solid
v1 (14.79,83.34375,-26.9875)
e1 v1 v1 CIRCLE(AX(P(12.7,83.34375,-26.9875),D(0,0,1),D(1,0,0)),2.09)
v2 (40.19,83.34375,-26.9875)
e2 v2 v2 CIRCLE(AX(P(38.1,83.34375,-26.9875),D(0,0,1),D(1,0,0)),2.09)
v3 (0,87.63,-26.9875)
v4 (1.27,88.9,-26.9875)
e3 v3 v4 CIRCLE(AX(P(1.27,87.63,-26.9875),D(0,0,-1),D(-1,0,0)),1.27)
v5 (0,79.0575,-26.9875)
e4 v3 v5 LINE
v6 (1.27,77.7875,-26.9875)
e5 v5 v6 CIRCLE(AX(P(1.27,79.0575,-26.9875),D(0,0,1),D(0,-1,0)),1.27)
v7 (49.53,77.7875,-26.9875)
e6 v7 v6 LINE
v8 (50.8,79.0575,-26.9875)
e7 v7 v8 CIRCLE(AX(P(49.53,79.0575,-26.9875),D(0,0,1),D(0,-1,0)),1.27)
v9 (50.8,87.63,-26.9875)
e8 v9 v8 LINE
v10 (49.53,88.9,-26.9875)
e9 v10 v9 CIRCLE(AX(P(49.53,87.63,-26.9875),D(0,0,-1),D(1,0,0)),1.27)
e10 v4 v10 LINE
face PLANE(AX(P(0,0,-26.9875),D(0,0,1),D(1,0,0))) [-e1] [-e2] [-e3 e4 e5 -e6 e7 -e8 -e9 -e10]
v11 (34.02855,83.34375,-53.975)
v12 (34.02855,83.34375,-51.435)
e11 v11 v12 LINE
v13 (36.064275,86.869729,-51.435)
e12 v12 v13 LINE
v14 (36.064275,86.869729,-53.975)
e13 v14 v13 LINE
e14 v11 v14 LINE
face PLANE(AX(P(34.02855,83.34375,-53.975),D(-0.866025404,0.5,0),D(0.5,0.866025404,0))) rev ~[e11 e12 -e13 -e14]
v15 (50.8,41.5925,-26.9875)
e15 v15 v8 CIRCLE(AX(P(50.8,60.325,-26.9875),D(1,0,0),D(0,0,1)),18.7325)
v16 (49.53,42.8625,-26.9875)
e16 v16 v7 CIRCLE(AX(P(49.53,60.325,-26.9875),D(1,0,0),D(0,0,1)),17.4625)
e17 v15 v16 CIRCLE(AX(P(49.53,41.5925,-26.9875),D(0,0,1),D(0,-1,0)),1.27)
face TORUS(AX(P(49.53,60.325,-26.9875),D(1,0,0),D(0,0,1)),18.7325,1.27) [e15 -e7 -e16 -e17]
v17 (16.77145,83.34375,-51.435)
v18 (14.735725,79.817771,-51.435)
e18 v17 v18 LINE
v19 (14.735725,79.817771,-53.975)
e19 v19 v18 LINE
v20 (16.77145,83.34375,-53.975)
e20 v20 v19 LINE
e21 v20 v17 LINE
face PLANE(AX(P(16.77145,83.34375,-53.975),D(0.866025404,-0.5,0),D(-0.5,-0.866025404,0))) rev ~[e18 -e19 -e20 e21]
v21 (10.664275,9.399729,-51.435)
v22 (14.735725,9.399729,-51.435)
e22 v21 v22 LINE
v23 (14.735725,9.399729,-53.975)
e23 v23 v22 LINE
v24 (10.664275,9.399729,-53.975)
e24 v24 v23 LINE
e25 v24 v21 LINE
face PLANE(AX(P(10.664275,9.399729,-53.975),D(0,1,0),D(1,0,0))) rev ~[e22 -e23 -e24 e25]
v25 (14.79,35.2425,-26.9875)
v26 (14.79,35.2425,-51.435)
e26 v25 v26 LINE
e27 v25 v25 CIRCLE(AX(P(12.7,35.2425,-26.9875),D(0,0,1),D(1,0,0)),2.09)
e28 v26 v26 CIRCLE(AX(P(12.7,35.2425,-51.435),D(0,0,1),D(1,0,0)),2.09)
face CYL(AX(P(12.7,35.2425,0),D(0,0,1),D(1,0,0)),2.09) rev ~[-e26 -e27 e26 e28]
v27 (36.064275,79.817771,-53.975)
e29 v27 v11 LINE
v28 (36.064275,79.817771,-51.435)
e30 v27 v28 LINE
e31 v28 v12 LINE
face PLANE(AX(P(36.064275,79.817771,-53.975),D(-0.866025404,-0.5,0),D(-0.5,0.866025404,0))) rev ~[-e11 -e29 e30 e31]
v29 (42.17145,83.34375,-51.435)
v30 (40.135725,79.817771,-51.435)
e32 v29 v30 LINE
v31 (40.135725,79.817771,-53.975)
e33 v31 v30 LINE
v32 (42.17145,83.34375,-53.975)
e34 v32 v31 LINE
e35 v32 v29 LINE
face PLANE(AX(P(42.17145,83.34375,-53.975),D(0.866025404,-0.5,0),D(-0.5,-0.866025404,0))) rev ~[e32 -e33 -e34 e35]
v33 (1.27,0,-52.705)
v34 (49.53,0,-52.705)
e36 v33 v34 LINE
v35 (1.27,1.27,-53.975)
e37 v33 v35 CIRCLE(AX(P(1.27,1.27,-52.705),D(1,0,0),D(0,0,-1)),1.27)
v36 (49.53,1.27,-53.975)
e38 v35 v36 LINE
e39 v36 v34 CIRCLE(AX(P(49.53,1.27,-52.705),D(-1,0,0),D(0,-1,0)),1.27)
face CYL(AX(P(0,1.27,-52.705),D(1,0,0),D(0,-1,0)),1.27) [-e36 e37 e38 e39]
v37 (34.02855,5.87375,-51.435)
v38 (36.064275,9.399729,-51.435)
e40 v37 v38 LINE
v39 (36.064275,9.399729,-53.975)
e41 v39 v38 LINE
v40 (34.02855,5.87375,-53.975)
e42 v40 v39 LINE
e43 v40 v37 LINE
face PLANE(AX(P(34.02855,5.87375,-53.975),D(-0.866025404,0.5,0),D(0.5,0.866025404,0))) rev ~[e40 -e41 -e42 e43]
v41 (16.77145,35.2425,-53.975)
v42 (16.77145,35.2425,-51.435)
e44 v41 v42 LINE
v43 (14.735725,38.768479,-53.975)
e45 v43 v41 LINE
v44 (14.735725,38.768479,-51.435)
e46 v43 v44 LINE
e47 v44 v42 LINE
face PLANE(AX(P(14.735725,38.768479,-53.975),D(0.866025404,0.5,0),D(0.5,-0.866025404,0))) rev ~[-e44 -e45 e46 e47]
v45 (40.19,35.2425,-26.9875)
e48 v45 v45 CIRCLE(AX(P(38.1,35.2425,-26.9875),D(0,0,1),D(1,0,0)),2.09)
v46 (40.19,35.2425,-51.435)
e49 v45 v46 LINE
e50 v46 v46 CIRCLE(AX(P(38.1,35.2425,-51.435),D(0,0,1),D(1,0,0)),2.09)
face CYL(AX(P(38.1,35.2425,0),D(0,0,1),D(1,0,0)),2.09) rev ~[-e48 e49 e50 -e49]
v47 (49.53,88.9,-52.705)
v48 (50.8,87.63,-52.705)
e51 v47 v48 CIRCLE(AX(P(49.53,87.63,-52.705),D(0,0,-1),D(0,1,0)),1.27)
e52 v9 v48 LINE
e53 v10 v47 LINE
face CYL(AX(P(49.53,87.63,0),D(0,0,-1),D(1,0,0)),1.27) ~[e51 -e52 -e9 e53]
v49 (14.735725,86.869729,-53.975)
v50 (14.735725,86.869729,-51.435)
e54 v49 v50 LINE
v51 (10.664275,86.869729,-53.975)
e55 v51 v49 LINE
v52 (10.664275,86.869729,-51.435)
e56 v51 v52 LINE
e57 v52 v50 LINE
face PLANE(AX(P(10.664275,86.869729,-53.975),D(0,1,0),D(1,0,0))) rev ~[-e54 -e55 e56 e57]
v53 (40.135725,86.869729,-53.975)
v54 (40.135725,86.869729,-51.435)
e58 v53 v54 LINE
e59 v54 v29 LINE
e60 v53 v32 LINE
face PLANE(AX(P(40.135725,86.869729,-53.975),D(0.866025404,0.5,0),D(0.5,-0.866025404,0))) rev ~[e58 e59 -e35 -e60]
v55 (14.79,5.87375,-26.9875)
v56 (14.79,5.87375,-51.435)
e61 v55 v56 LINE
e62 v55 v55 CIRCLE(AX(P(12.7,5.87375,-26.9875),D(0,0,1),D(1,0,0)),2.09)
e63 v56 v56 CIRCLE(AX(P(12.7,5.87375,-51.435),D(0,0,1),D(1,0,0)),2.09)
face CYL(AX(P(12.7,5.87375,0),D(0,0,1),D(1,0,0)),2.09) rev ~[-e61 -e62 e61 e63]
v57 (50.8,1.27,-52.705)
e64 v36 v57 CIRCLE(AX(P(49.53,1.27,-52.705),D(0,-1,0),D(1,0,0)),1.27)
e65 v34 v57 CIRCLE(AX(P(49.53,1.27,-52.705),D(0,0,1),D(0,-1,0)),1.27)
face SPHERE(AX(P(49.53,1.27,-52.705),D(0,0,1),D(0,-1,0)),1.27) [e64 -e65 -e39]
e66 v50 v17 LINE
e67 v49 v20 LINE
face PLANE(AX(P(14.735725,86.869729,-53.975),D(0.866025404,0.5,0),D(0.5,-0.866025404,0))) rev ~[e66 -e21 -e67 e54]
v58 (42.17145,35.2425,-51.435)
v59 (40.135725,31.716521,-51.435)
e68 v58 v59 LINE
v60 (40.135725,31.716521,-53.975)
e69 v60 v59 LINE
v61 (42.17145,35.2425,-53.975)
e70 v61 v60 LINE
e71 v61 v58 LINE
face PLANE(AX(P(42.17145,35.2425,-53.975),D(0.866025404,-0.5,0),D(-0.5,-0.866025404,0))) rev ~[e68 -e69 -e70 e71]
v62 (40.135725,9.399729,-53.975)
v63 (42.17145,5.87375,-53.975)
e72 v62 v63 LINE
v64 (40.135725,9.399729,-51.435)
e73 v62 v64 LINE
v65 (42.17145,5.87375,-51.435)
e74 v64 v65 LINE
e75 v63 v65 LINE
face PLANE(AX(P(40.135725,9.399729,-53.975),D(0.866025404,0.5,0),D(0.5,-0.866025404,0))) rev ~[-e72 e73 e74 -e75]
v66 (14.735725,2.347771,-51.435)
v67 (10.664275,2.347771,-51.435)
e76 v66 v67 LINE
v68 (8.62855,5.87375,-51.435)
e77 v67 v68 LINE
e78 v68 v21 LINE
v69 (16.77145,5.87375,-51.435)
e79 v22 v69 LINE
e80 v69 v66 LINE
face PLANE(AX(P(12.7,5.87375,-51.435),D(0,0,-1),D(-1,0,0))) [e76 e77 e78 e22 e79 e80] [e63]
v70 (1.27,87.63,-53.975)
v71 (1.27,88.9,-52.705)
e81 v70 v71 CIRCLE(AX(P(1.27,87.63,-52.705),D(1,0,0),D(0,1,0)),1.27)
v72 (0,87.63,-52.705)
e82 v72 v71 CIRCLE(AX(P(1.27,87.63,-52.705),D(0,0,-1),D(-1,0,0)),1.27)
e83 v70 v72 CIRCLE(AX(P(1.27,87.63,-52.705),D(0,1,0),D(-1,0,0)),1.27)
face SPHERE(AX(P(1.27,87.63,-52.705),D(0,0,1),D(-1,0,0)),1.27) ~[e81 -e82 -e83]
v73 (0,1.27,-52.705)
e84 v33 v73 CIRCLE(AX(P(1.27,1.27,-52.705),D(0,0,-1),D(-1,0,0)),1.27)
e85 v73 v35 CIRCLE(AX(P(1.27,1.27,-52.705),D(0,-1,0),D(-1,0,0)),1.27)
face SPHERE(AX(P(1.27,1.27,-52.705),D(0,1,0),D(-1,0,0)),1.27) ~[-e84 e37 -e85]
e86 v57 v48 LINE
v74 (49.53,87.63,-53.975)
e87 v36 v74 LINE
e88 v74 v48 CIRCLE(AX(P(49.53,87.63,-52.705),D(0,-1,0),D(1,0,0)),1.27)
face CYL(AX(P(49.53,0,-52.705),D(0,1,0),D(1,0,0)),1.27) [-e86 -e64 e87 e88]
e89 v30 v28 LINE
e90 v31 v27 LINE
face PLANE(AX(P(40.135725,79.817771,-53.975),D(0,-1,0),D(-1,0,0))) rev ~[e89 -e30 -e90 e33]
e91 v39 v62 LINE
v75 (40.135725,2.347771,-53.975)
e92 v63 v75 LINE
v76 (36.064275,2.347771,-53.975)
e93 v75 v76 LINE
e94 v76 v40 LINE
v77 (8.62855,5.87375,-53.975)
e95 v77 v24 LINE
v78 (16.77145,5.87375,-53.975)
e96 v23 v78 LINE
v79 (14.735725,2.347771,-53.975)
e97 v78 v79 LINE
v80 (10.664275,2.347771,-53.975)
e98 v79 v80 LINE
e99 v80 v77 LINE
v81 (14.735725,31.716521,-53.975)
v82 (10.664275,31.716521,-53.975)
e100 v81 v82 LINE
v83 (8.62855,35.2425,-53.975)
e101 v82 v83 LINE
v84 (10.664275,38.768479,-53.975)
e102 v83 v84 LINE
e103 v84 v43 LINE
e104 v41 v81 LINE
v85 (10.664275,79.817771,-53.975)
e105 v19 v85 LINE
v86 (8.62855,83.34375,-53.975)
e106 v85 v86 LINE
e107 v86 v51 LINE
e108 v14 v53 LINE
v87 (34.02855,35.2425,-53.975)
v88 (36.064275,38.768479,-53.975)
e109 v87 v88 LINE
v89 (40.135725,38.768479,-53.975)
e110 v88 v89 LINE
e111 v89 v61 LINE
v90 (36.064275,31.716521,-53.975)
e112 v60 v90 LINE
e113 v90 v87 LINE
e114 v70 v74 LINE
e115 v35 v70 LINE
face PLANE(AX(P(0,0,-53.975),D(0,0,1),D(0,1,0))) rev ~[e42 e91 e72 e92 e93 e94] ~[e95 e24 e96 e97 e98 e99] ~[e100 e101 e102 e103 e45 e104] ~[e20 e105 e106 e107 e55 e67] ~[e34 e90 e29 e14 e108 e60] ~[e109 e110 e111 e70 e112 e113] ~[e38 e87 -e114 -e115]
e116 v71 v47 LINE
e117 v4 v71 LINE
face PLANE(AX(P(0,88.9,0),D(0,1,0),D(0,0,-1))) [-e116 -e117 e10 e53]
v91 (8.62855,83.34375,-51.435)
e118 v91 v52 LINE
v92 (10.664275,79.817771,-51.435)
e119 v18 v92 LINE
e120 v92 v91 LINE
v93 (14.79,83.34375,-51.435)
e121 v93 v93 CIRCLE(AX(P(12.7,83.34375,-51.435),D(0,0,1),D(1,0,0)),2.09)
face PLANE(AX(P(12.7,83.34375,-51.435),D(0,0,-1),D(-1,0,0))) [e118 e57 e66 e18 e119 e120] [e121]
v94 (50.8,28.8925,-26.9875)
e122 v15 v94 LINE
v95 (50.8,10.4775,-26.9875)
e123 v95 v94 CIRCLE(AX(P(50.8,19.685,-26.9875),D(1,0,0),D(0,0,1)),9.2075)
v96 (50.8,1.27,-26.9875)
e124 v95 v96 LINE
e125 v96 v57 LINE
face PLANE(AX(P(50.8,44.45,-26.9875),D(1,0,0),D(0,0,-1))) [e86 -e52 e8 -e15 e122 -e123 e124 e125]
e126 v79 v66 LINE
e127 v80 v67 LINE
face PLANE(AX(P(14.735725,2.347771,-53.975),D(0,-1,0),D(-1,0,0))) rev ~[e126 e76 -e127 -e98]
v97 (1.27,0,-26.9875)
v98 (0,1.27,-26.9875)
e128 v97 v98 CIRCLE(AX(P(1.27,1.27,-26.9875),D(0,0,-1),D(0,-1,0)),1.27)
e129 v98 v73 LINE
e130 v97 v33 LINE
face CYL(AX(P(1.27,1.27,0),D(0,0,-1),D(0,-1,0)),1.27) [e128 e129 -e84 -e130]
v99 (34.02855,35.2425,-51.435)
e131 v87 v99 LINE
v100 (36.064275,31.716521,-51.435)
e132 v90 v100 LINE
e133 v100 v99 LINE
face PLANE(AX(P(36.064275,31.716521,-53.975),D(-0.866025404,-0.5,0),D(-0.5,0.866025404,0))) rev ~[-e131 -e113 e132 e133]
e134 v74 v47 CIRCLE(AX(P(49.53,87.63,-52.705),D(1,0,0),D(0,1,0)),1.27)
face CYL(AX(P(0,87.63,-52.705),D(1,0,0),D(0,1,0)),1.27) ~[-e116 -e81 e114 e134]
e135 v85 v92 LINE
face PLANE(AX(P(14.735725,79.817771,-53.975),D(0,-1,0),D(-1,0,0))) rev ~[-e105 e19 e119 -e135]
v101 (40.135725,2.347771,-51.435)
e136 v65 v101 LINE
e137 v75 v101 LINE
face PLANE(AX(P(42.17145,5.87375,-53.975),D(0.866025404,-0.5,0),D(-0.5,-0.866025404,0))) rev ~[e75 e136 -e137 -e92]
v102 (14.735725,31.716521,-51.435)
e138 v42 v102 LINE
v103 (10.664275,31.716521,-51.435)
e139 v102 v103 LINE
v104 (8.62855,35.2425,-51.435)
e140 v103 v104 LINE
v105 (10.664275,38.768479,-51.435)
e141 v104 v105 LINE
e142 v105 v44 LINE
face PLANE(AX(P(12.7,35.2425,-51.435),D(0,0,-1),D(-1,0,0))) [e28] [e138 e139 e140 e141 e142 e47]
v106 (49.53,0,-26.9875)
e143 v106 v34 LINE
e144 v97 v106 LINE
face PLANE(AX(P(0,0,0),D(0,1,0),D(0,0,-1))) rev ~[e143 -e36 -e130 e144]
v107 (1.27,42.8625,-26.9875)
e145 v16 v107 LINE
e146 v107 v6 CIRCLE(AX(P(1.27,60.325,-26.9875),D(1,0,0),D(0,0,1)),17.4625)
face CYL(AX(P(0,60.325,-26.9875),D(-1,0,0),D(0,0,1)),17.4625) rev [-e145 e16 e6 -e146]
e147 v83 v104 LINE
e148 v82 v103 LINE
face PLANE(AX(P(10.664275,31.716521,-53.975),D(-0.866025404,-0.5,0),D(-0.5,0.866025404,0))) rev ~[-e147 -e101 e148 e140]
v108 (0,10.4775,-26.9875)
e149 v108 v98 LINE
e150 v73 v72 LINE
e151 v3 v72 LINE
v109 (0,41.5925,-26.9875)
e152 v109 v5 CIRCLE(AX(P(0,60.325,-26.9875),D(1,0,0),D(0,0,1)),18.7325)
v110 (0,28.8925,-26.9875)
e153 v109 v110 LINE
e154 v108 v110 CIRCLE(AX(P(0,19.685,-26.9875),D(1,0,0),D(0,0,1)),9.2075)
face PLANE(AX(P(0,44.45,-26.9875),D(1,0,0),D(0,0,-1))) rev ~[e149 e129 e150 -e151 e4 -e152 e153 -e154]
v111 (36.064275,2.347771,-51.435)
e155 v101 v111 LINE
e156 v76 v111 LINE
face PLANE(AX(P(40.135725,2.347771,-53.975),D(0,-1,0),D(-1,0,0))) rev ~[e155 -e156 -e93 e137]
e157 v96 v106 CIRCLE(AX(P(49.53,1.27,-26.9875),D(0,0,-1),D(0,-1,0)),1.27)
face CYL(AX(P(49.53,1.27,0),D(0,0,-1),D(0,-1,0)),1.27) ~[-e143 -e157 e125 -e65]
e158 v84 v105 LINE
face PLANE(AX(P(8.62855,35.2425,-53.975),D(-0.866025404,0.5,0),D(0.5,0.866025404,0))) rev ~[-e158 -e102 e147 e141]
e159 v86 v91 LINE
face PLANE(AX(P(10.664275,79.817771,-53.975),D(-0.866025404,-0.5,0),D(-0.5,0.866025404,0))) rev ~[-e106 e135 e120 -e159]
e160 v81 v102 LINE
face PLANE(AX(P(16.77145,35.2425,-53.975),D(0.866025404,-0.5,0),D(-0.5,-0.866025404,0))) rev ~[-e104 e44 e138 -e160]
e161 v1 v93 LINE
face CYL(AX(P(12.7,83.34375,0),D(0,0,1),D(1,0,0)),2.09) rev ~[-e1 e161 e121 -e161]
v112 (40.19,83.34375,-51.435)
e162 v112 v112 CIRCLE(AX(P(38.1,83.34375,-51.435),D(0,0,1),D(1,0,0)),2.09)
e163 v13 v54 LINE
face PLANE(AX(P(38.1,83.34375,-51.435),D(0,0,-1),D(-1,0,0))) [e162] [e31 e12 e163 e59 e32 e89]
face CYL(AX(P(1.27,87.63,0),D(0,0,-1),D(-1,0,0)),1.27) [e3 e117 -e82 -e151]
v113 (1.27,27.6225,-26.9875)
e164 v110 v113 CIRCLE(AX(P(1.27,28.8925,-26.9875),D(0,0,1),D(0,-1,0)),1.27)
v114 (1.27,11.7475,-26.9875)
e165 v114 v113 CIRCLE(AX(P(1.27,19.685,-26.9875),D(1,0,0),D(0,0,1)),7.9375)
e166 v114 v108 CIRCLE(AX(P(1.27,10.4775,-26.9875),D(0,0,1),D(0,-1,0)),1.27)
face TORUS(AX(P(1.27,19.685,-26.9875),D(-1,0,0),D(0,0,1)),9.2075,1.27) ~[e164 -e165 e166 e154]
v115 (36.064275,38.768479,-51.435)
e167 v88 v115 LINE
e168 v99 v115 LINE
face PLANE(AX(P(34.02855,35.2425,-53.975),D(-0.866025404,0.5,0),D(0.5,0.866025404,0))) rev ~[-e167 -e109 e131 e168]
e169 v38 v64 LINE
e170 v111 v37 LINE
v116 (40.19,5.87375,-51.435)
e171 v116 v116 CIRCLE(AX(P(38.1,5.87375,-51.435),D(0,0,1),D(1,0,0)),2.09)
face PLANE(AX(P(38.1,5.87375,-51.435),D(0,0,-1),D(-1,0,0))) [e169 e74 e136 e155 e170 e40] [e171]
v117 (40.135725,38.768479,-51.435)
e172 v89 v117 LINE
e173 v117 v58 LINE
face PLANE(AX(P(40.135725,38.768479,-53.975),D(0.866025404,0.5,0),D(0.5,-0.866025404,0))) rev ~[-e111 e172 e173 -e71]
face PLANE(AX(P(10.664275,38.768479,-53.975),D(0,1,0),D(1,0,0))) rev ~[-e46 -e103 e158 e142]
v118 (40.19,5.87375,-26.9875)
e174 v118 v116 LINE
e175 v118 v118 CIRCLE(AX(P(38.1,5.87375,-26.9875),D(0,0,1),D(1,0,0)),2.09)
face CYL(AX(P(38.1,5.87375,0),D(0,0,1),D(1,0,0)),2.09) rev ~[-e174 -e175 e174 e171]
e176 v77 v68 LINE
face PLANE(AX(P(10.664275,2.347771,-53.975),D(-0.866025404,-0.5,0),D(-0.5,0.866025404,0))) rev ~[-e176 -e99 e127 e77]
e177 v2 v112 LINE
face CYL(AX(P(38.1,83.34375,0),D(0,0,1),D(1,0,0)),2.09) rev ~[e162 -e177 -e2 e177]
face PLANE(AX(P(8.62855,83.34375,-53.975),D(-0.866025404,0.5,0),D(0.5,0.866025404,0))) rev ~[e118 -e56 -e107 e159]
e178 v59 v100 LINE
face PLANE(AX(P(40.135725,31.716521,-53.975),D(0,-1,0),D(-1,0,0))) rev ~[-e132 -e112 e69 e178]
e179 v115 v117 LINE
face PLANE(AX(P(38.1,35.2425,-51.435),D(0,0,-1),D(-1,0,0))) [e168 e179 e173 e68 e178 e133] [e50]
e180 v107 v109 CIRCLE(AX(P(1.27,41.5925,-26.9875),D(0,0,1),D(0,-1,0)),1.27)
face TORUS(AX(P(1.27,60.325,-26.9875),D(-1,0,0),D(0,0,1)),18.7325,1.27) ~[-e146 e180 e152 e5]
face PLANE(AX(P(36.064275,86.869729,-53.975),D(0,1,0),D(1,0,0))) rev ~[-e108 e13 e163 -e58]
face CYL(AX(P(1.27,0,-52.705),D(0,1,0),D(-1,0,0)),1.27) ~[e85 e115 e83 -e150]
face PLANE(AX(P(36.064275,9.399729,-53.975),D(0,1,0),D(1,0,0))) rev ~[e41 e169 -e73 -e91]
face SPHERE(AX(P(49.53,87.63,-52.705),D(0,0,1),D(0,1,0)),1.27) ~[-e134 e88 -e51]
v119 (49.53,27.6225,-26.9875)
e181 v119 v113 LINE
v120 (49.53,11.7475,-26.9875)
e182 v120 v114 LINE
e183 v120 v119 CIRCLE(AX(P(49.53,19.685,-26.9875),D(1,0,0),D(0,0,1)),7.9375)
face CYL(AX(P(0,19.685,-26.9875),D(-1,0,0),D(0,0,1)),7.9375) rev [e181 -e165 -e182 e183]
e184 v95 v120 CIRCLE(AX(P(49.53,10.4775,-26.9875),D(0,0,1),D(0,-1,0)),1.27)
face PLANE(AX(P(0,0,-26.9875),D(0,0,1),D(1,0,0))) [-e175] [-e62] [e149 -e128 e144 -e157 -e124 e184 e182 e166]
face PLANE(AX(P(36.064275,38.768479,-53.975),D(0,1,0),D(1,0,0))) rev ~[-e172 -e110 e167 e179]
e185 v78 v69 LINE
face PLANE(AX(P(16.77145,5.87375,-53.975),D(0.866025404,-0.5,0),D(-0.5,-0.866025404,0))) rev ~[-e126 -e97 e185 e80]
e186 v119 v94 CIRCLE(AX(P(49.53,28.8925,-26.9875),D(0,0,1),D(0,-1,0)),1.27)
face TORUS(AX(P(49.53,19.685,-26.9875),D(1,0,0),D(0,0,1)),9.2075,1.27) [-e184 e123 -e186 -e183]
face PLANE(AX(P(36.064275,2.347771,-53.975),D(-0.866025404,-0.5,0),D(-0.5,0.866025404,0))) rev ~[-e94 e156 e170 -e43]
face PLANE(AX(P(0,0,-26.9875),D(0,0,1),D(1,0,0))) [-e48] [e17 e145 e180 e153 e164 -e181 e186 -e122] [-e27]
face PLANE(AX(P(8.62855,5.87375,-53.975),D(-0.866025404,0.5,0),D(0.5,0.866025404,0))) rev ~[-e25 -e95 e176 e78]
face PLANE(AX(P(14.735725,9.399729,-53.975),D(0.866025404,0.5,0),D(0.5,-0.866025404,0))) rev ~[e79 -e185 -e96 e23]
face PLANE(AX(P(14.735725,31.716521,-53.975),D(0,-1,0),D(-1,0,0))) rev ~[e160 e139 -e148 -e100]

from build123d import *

# Parameters (mm, degrees)
SKETCH1_W           = 53.975
SKETCH1_H           = 88.9
SKETCH1_R           = 7.9375
SKETCH1_R_2         = 17.4625
BOSS_EXTRUDE1_DEPTH = 50.8
SKETCH5_R           = 2.09
CUT_EXTRUDE1_DEPTH  = 116.746060948
SKETCH5_3_R         = 3.6
CUT_EXTRUDE2_DEPTH  = 4.064
CUT_EXTRUDE3_DEPTH  = 2.54
FILLET1_R           = 1.27


with BuildPart() as part:
    # Sketch1 → Boss-Extrude1 (new body)
    with BuildSketch(Plane(origin=(0, 0, 0), x_dir=(0, 0, -1), z_dir=(1, 0, 0))):
        with Locations((26.9875, 44.45)):
            Rectangle(SKETCH1_W, SKETCH1_H)
        with Locations(Location((26.9875, 19.685, 0), (0, 0, 180))):
            Circle(SKETCH1_R, mode=Mode.SUBTRACT)
        with Locations(Location((26.9875, 60.325, 0), (0, 0, 180))):
            Circle(SKETCH1_R_2, mode=Mode.SUBTRACT)
    extrude(amount=BOSS_EXTRUDE1_DEPTH)

    # Sketch5 → Cut-Extrude1 (cut, through all)
    with BuildSketch(Plane.XY):
        with Locations((12.7, 83.34375)):
            Circle(SKETCH5_R)
        with Locations((12.7, 35.2425)):
            Circle(SKETCH5_R)
        with Locations((38.1, 83.34375)):
            Circle(SKETCH5_R)
        with Locations((38.1, 35.2425)):
            Circle(SKETCH5_R)
        with Locations((12.7, 5.87375)):
            Circle(SKETCH5_R)
        with Locations((38.1, 5.87375)):
            Circle(SKETCH5_R)
    extrude(amount=-CUT_EXTRUDE1_DEPTH, mode=Mode.SUBTRACT)

    # Sketch5<3> → Cut-Extrude2 (cut)
    with BuildSketch(Plane.XY):
        with Locations((38.1, 35.2425)):
            Circle(SKETCH5_3_R)
        with Locations((12.7, 83.34375)):
            Circle(SKETCH5_3_R)
        with Locations((38.1, 83.34375)):
            Circle(SKETCH5_3_R)
        with Locations((12.7, 35.2425)):
            Circle(SKETCH5_3_R)
        with Locations((38.1, 5.87375)):
            Circle(SKETCH5_3_R)
        with Locations((12.7, 5.87375)):
            Circle(SKETCH5_3_R)
    extrude(amount=-CUT_EXTRUDE2_DEPTH, mode=Mode.SUBTRACT)

    # Sketch6 → Cut-Extrude3 (cut)
    with BuildSketch(Plane(origin=(0, 0, -53.975), x_dir=(-1, 0, 0), z_dir=(0, 0, -1))):
        Polygon((-34.02855, 83.34375), (-36.064275, 86.86972913), (-40.135725, 86.86972913), (-42.17145, 83.34375), (-40.135725, 79.81777087), (-36.064275, 79.81777087), align=None)
        Polygon((-8.62855, 83.34375), (-10.664275, 86.86972913), (-14.735725, 86.86972913), (-16.77145, 83.34375), (-14.735725, 79.81777087), (-10.664275, 79.81777087), align=None)
        Polygon((-8.62855, 35.2425), (-10.664275, 38.76847913), (-14.735725, 38.76847913), (-16.77145, 35.2425), (-14.735725, 31.71652087), (-10.664275, 31.71652087), align=None)
        Polygon((-34.02855, 35.2425), (-36.064275, 38.76847913), (-40.135725, 38.76847913), (-42.17145, 35.2425), (-40.135725, 31.71652087), (-36.064275, 31.71652087), align=None)
        Polygon((-34.02855, 5.87375), (-36.064275, 9.39972913), (-40.135725, 9.39972913), (-42.17145, 5.87375), (-40.135725, 2.34777087), (-36.064275, 2.34777087), align=None)
        Polygon((-8.62855, 5.87375), (-10.664275, 9.39972913), (-14.735725, 9.39972913), (-16.77145, 5.87375), (-14.735725, 2.34777087), (-10.664275, 2.34777087), align=None)
    extrude(amount=-CUT_EXTRUDE3_DEPTH, mode=Mode.SUBTRACT)

    # Fillet1
    fillet1_edges = [part.edges().sort_by_distance(p)[0] for p in [
        (0, 60.325, -44.45),
        (50.8, 60.325, -44.45),
        (50.8, 88.9, -26.9875),
        (0, 19.685, -34.925),
        (50.8, 19.685, -34.925),
        (50.8, 44.45, 0),
        (50.8, 0, -26.9875),
        (0, 44.45, 0),
        (0, 88.9, -26.9875),
        (0, 44.45, -53.975),
        (0, 0, -26.9875),
        (25.4, 0, 0),
        (25.4, 88.9, 0),
        (25.4, 88.9, -53.975),
        (25.4, 0, -53.975),
        (50.8, 44.45, -53.975),
    ]]
    fillet(fillet1_edges, radius=FILLET1_R)

    # SurfaceCut1
    split(bisect_by=Plane.XY.offset(-26.9875), keep=Keep.BOTTOM)


solid = part.part
